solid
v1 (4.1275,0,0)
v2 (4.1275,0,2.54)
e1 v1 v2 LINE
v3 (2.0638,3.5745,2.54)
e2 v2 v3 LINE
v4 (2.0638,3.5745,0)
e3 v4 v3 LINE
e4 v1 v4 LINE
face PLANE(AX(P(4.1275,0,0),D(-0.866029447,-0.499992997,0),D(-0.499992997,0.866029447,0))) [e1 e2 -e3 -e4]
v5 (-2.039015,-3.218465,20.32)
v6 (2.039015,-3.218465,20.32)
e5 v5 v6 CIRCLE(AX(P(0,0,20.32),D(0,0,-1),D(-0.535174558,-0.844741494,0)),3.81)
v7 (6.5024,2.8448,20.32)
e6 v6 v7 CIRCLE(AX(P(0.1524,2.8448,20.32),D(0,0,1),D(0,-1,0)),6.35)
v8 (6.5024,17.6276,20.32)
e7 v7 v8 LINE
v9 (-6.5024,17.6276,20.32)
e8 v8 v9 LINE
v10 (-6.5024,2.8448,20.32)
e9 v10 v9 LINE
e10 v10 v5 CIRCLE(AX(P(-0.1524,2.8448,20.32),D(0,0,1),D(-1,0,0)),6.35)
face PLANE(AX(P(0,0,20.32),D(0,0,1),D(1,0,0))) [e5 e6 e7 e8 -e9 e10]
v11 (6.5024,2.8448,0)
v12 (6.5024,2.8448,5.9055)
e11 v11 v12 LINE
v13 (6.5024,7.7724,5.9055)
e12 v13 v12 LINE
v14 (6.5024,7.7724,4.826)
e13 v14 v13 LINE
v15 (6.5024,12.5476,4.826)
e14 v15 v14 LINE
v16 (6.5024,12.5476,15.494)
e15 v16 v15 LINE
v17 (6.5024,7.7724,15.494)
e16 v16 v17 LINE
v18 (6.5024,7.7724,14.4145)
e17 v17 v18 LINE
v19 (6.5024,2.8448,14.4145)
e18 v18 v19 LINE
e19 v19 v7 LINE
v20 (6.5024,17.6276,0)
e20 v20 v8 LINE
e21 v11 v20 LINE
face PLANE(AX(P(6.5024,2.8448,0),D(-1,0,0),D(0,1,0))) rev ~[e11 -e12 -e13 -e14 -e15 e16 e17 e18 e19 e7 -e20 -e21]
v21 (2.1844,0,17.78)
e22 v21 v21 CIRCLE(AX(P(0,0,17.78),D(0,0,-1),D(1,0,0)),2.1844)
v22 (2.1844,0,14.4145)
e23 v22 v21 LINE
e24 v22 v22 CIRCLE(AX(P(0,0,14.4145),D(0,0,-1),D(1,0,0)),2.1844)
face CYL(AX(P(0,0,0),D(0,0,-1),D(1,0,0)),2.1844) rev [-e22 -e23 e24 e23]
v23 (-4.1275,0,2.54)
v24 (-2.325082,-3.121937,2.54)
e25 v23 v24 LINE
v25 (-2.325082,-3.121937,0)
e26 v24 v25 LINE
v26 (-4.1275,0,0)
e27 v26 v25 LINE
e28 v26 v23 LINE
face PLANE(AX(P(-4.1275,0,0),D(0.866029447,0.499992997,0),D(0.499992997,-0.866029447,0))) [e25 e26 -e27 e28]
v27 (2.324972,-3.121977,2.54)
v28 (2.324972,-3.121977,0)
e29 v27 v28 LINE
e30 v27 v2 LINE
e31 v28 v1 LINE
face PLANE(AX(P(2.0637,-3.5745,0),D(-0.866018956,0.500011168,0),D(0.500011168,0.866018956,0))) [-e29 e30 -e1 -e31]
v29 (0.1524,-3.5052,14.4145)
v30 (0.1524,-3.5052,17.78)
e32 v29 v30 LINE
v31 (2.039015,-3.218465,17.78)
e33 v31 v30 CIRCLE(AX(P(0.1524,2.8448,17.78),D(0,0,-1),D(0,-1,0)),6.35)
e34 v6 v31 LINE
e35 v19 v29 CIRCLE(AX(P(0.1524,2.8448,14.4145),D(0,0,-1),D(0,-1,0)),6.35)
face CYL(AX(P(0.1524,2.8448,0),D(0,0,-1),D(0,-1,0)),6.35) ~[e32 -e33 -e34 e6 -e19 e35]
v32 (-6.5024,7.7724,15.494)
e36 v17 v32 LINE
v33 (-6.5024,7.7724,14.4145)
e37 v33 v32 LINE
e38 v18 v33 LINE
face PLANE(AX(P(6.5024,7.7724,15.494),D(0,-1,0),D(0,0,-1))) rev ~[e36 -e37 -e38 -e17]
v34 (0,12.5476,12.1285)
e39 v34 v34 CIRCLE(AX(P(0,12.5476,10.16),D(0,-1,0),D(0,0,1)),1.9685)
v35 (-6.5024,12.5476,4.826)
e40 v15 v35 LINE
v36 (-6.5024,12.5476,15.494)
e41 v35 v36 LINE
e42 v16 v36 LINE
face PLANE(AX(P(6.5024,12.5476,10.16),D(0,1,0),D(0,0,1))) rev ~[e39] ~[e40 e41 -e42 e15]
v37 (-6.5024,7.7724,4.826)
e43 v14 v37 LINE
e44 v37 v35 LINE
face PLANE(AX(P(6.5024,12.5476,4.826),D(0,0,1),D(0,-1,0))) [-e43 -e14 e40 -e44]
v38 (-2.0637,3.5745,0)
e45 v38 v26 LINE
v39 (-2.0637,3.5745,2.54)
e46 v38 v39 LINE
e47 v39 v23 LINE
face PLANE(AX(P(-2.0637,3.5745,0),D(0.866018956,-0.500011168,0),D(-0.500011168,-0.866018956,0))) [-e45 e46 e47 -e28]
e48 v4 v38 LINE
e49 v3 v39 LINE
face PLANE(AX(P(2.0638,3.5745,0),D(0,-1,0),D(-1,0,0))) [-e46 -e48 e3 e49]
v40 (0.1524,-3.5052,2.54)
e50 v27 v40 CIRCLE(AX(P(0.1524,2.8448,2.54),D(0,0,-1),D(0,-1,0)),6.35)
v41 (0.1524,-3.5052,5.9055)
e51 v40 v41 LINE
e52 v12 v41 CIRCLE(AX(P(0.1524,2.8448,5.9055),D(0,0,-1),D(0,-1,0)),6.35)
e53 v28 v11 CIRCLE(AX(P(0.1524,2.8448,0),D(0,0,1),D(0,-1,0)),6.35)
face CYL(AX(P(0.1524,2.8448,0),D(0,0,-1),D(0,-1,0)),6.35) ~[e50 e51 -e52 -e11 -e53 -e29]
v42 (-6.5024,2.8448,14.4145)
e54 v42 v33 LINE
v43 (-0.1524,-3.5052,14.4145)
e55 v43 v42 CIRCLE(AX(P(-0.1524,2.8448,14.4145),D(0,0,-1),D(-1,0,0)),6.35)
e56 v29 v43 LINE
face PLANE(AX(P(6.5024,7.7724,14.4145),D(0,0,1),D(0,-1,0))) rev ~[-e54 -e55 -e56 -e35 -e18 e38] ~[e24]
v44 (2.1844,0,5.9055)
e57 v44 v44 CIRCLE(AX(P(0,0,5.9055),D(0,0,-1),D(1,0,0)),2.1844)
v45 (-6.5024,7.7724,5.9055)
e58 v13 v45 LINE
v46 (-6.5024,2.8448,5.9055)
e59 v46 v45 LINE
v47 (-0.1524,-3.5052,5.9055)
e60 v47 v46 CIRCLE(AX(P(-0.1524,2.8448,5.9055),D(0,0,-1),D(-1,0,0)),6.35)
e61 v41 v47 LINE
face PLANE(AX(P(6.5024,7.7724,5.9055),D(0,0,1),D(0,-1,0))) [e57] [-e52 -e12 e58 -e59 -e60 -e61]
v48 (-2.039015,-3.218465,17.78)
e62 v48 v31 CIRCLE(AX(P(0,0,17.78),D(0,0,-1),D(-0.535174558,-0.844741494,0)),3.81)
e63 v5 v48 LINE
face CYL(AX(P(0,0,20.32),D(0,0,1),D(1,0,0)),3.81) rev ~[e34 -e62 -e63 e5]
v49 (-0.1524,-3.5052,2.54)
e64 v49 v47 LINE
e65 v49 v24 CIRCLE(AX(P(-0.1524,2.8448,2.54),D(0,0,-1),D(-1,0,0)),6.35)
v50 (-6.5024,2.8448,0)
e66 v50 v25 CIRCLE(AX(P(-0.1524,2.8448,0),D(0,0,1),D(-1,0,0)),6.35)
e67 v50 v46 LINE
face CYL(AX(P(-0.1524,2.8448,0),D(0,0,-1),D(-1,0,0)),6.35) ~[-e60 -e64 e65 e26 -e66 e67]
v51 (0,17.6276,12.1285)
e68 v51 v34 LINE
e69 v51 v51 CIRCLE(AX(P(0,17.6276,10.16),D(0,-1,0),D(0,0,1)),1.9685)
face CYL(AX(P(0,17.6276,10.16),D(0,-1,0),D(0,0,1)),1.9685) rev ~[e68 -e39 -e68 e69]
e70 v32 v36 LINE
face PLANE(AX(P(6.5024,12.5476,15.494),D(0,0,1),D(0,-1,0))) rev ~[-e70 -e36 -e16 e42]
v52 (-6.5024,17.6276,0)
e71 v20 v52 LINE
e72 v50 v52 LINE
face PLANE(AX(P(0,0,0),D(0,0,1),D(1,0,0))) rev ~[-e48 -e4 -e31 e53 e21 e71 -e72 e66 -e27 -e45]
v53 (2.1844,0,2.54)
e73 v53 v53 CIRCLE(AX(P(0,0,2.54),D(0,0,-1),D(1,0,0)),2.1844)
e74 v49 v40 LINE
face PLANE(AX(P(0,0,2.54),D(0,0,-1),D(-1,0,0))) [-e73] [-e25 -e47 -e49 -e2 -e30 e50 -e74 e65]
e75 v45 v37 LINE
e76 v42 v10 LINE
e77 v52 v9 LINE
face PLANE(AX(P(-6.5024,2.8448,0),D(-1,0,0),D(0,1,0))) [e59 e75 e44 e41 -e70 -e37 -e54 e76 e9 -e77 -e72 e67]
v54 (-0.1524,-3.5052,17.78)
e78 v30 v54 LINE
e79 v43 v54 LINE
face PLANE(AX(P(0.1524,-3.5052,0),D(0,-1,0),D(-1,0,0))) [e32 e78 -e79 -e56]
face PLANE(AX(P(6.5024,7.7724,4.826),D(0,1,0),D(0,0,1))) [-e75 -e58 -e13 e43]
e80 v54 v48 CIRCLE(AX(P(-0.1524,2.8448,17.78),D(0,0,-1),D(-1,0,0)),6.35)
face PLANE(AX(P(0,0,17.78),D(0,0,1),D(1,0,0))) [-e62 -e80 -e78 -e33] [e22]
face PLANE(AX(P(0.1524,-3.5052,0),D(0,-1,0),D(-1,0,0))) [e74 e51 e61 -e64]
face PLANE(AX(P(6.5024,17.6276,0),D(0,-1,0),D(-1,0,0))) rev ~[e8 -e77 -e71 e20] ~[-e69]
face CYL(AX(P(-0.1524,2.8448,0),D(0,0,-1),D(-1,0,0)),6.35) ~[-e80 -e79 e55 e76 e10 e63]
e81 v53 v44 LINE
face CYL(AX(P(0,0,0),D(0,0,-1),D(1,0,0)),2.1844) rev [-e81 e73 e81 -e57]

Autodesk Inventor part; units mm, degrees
ref_plane "YZ Plane" through (0, 0, 0) normal (1, 0, 0) x (0, 1, 0)
ref_plane "XZ Plane" through (0, 0, 0) normal (0, 1, 0) x (-1, 0, 0)
ref_plane "XY Plane" through (0, 0, 0) normal (0, 0, 1) x (1, 0, 0)
sketch "Sketch1" plane through (0, 0, 0) normal (0, 0, 1) x (1, 0, 0)
  line L0 (6.5024, 2.8448) -> (6.5024, 17.6276)
  line L1 (6.5024, 17.6276) -> (-6.5024, 17.6276)
  line L2 (-6.5024, 2.8448) -> (-6.5024, 17.6276)
  circle A0 centre (0, 0) radius 3.5052 construction
  line L3 (0.1524, -3.5052) -> (-0.1524, -3.5052)
  arc A1 (-6.5024, 2.8448) -> (-0.1524, -3.5052) centre (-0.1524, 2.8448) ccw
  arc A2 (0.1524, -3.5052) -> (6.5024, 2.8448) centre (0.1524, 2.8448) ccw
  circle A3 centre (0, 0) radius 2.1844
  circle A4 centre (0, 0) radius 6.5024 construction
  dimension "d3" = 13.0048
  dimension "d5" = 7.0104
  dimension "d6" = 6.35
  dimension "d7" = 4.3688
  dimension "d10" = 13.0048
  dimension "d11" = 17.6276
extrude "Extrusion1" add sketch "Sketch1" along normal blind 20.32
sketch "Sketch2" plane through (6.5024, 2.8448, 0) normal (1, 0, 0) x (0, 0, -1)
  line L0 (-20.32, 0) -> (-20.32, 14.7828) construction
  line L1 (-20.32, 9.7028) -> (0, 9.7028) construction
  line L2 (0, 14.7828) -> (-20.32, 14.7828) construction
  line L3 (-20.32, 4.9276) -> (0, 4.9276) construction
  line L4 (0, 14.7828) -> (0, 0) construction
  line L5 (0, 0) -> (-20.32, 0) construction
  line L6 (0, -0.6604) -> (-20.32, -0.6604) construction
  line L7 (0, -5.0292) -> (-20.32, -5.0292) construction
  line L8 (0, -0.6604) -> (0, -5.0292) construction
  line L9 (0, -6.35) -> (0, 0) construction
  line L10 (-10.16, 14.7828) -> (-10.16, -6.35) construction
  line L11 (0, -6.35) -> (-20.32, -6.35) construction
  line L12 (-5.9055, 4.9276) -> (-5.9055, -6.35)
  line L13 (-5.9055, -6.35) -> (-10.16, -6.35)
  line L14 (-14.4145, 4.9276) -> (-14.4145, -6.35)
  line L15 (-14.4145, -6.35) -> (-10.16, -6.35)
  line L16 (-10.16, 9.7028) -> (-4.826, 9.7028)
  line L17 (-4.826, 9.7028) -> (-4.826, 4.9276)
  line L18 (-10.16, 9.7028) -> (-15.494, 9.7028)
  line L19 (-15.494, 9.7028) -> (-15.494, 4.9276)
  line L20 (-15.494, 4.9276) -> (-14.4145, 4.9276)
  line L21 (-4.826, 4.9276) -> (-5.9055, 4.9276)
  point P0 (0, -2.8448)
  dimension "d12" = 5.08
  dimension "d14" = 7.7724
  dimension "d15" = 4.2545
  dimension "d16" = 4.2545
extrude "Extrusion2" cut sketch "Sketch2" against normal through all
sketch "Sketch3" plane through (-6.5024, 17.6276, 0) normal (0, 1, 0) x (1, 0, 0)
  line L0 (6.6548, -14.4145) -> (6.6548, -20.32) construction
  line L1 (0, 0) -> (13.0048, 0) construction
  line L2 (6.5024, 0) -> (6.5024, -20.32) construction
  line L3 (13.0048, -20.32) -> (0, -20.32) construction
  line L4 (13.0048, 0) -> (13.0048, -20.32) construction
  line L5 (13.0048, -10.16) -> (0, -10.16) construction
  line L6 (0, 0) -> (0, -20.32) construction
  circle A0 centre (6.5024, -10.16) radius 1.9685 construction
  point P0 (6.5024, 0)
  dimension "d21" = 6.5024
  dimension "d22" = 10.16
  dimension "d23" = 3.937
hole "Hole1" at (0, 17.6276, 10.16) direction (0, -1, 0) diameter 3.937 end through all
sketch "Sketch4" plane through (0, 0, 20.32) normal (0, 0, 1) x (1, 0, 0)
  circle A0 centre (0, 0) radius 3.81
  dimension "d31" = 7.62
extrude "Extrusion3" cut sketch "Sketch4" against normal blind 2.54
sketch "Sketch5" plane through (0, 0, 0) normal (0, 0, -1) x (-1, 0, 0)
  circle A0 centre (0, 0) radius 2.1844 construction
  circle A1 centre (0, 0) radius 4.1275 construction
  line L0 (-4.1275, 0) -> (-2.0638, 3.5745)
  line L1 (-2.0638, 3.5745) -> (2.0637, 3.5745)
  line L2 (2.0637, 3.5745) -> (4.1275, 0)
  line L3 (4.1275, 0) -> (2.0638, -3.5745)
  line L4 (2.0638, -3.5745) -> (-2.0637, -3.5745)
  line L5 (-2.0637, -3.5745) -> (-4.1275, 0)
  dimension "d34" = 8.255
extrude "Extrusion4" cut sketch "Sketch5" against normal blind 2.54
properties part number "omni wheel wheel holder proto"
